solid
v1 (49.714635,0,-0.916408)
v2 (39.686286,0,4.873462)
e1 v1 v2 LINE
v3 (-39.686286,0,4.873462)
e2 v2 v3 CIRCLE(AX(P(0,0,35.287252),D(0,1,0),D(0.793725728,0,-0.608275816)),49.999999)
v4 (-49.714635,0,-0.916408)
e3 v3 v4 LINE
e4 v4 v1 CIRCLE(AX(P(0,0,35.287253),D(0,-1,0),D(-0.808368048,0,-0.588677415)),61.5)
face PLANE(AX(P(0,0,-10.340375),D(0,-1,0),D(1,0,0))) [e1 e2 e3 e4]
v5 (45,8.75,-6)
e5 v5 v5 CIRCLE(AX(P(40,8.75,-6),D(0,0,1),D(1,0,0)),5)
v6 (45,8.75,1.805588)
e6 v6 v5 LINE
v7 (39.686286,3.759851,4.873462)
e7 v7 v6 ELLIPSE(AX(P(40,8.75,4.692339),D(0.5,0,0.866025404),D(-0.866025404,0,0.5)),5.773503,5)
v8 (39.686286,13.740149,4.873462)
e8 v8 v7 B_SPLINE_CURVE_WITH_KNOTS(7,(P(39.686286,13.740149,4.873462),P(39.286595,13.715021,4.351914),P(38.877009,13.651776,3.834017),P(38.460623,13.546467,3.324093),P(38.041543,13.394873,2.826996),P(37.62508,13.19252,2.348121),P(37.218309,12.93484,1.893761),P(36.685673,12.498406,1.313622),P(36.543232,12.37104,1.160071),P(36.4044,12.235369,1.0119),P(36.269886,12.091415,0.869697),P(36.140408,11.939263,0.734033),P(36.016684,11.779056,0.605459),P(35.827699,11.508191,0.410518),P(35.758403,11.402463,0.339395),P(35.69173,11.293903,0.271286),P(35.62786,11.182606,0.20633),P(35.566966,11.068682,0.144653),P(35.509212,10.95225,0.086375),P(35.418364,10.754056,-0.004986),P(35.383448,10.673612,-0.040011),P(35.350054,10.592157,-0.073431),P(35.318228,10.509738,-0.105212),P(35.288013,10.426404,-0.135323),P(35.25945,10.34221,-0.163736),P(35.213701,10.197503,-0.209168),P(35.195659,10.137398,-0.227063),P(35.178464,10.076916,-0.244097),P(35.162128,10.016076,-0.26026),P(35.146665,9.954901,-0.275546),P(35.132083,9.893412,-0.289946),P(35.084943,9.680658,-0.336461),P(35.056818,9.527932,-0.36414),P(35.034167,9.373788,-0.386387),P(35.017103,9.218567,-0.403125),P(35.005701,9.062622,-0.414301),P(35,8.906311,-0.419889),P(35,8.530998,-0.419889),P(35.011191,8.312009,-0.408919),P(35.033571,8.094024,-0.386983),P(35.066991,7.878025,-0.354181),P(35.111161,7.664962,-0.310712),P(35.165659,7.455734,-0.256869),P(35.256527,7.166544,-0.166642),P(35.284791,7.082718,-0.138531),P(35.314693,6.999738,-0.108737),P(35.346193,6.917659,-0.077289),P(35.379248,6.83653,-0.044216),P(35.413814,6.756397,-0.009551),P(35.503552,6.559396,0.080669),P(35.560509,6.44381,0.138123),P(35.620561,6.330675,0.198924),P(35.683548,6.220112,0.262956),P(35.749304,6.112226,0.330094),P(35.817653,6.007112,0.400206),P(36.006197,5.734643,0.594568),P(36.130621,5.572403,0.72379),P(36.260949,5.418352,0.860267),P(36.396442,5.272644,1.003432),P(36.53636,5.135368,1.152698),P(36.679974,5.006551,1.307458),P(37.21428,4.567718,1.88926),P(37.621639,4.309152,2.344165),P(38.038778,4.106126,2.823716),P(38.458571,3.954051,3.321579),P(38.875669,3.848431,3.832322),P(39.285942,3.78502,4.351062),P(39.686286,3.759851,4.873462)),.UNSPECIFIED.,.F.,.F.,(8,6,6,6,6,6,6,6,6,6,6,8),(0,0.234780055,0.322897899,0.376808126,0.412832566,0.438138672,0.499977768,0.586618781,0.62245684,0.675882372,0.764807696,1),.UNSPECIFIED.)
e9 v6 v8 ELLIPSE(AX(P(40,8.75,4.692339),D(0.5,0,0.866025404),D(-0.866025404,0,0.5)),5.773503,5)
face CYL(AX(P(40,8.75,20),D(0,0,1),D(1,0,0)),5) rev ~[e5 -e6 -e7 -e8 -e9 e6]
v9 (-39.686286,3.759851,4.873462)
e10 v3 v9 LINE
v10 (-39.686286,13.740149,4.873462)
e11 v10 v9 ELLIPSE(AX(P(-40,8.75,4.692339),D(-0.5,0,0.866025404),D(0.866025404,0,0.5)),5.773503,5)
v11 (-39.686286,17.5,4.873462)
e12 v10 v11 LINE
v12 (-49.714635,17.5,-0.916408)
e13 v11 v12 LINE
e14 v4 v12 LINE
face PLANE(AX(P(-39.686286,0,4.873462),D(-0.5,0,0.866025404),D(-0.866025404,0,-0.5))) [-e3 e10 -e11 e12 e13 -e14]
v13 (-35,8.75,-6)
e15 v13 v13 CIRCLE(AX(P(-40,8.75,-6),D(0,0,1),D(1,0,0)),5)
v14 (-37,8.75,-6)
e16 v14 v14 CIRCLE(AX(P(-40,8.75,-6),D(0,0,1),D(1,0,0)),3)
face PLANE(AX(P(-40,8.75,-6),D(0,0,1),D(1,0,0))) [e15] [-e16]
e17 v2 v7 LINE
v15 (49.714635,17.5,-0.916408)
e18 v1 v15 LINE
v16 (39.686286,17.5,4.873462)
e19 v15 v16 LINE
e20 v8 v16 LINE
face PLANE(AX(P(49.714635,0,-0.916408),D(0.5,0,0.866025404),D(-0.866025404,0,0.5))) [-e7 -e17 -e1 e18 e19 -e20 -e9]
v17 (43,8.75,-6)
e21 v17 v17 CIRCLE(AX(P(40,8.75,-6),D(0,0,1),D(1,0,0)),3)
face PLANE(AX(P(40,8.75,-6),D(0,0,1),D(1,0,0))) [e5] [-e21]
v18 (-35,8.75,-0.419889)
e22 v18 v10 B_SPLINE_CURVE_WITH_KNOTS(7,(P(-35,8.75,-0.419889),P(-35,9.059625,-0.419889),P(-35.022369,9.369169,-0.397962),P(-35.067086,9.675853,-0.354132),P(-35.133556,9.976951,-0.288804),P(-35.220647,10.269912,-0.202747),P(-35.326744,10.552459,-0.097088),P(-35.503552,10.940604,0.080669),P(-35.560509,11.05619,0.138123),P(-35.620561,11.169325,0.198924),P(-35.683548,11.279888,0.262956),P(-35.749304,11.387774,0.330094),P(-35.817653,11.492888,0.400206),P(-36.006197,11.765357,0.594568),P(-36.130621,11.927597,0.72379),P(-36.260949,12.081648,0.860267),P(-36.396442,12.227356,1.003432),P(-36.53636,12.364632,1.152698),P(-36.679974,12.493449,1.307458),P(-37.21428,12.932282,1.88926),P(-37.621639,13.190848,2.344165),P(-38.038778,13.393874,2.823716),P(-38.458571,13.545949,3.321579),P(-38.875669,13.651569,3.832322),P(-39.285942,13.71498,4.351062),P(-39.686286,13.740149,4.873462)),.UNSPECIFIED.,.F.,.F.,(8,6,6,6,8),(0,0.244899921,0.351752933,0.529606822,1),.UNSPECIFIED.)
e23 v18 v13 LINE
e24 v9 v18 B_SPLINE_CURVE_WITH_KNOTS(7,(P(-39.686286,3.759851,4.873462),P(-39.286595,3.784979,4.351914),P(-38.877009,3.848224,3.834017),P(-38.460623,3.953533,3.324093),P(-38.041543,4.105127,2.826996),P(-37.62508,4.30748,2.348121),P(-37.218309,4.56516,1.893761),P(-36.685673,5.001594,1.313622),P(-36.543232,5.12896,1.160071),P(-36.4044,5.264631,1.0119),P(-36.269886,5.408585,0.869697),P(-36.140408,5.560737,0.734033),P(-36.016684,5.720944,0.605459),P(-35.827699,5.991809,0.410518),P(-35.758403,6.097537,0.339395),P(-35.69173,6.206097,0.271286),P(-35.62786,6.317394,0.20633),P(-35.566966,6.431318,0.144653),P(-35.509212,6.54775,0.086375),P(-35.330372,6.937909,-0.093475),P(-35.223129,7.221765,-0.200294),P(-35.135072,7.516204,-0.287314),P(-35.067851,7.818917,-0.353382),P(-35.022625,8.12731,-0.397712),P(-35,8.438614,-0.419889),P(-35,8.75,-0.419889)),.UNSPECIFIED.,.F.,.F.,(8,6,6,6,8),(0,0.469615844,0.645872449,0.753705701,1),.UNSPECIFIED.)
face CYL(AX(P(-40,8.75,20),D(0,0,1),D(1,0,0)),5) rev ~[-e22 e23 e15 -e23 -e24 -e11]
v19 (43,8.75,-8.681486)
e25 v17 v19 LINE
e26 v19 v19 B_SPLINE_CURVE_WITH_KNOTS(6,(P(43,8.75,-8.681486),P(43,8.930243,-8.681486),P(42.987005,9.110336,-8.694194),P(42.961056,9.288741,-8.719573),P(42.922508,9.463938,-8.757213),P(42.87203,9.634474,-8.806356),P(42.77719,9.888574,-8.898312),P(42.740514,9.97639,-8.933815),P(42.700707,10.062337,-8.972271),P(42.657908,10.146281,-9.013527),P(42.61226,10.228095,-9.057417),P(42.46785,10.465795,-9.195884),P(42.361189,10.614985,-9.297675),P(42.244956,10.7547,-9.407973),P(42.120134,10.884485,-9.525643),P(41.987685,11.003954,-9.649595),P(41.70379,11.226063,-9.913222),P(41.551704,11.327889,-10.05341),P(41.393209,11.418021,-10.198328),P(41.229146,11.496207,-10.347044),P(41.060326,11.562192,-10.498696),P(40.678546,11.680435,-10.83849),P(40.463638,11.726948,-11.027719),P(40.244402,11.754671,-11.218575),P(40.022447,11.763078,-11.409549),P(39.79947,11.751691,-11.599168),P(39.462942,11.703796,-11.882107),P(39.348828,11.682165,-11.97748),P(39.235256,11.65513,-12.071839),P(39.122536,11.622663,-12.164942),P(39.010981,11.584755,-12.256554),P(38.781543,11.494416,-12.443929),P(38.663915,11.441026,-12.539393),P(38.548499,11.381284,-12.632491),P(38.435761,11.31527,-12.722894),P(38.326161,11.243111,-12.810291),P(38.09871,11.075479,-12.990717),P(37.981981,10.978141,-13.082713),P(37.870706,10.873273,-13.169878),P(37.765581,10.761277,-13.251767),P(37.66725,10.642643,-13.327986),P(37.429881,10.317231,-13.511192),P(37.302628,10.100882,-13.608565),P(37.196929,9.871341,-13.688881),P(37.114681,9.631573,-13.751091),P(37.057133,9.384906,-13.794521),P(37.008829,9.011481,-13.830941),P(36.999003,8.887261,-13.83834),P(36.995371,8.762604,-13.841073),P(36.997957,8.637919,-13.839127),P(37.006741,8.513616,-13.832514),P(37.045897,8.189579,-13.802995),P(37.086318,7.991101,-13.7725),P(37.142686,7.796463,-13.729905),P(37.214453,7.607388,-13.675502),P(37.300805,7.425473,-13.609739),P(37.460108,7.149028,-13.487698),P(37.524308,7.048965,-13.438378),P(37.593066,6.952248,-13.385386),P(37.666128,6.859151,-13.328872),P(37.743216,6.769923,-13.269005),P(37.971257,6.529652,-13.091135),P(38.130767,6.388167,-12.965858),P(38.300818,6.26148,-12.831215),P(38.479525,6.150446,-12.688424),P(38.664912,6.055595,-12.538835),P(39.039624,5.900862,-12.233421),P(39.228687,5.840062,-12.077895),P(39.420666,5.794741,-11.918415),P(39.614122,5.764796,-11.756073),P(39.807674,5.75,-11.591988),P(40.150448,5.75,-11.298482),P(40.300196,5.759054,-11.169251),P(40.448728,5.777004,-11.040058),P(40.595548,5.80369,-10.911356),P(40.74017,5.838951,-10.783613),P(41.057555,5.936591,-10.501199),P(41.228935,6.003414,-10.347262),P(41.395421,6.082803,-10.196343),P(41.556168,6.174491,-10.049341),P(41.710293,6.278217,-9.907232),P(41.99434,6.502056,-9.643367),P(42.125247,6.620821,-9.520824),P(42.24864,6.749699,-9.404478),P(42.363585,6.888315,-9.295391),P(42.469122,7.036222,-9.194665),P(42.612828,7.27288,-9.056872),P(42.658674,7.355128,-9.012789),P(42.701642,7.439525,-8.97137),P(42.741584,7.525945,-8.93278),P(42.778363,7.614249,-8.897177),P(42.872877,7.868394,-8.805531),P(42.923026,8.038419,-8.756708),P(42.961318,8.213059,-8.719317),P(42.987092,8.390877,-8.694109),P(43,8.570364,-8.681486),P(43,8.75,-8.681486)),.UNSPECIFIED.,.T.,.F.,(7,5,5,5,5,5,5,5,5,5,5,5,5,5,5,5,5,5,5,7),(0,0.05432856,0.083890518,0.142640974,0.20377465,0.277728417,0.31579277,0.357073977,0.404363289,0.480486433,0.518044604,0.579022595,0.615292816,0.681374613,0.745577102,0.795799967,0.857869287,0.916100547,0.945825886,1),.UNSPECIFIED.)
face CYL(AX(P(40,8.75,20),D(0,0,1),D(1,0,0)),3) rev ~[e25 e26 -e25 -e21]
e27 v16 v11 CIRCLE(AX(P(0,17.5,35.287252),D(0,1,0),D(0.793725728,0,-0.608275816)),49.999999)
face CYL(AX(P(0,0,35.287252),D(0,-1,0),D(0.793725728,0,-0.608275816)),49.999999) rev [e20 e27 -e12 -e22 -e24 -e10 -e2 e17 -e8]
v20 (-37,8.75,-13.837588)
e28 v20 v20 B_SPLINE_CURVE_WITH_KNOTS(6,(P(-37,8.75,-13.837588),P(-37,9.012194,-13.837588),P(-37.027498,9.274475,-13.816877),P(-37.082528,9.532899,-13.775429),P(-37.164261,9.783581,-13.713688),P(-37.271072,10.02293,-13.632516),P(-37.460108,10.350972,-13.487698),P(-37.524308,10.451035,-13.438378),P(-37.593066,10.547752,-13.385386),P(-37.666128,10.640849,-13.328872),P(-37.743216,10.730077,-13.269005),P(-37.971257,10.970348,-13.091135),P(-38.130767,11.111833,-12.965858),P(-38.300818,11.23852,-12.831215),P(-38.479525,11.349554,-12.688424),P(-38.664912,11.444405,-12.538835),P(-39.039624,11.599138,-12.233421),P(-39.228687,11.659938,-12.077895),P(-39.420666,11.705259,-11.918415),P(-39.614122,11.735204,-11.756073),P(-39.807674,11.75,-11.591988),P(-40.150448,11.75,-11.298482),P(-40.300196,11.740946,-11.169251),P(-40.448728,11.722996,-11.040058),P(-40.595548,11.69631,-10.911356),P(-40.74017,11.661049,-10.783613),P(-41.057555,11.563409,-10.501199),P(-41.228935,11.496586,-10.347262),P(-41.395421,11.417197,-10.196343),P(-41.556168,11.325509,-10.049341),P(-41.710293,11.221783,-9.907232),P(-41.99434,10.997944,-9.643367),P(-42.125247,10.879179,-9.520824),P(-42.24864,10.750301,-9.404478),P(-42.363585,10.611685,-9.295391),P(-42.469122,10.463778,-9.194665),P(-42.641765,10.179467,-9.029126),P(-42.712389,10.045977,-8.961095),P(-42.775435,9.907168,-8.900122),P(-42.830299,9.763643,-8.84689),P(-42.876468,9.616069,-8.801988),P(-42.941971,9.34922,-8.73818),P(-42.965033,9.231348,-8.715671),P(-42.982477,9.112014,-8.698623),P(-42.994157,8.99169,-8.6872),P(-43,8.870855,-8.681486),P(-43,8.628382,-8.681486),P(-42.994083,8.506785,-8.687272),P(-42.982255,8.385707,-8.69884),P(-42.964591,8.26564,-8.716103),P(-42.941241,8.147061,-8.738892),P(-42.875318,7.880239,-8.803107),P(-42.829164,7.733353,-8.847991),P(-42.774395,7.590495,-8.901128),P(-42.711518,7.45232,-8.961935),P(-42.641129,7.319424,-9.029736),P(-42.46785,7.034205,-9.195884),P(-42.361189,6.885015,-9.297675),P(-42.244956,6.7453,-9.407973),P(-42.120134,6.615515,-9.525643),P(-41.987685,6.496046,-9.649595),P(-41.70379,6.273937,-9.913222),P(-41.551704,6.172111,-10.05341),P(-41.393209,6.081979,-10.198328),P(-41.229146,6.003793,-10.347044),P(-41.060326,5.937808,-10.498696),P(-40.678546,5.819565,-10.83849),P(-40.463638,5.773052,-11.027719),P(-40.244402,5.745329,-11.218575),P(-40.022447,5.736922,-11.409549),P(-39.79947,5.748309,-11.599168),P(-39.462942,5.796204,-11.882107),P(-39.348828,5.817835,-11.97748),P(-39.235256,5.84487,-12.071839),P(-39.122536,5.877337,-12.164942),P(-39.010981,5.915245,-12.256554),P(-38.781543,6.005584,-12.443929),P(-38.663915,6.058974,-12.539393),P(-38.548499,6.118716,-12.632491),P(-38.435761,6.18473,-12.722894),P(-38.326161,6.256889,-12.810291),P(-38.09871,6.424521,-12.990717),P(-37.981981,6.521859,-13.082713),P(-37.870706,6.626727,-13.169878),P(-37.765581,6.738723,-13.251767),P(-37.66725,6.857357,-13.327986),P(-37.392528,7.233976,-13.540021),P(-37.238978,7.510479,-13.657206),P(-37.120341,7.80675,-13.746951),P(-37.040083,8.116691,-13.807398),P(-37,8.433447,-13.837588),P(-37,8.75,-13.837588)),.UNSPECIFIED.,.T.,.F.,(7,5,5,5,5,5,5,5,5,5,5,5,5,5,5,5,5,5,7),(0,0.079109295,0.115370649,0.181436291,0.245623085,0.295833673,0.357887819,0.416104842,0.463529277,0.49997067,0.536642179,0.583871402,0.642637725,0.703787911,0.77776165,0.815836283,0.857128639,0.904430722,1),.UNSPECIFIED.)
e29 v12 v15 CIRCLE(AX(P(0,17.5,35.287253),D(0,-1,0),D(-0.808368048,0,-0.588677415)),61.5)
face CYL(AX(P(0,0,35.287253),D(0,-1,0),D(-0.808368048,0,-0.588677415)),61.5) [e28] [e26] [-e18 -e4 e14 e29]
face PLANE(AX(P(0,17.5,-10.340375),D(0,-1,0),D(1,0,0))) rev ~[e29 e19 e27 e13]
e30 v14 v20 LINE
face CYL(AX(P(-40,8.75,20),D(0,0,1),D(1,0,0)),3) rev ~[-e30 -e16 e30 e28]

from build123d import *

# Parameters (mm, degrees)
F1_DEPTH = 17.5
F5_R     = 3
F6_DEPTH = 46.213747
F5_R_2   = 5
F7_DEPTH = 26


with BuildPart() as f1:
    # F0 (on Front) → F1 (new body)
    with BuildSketch(Plane.XZ):
        with BuildLine():
            ThreePointArc((39.686286, 4.873462), (0, -14.712747), (-39.686286, 4.873462))
            Line((-39.686286, 4.873462), (-49.714635, -0.916408))
            ThreePointArc((-49.714635, -0.916408), (0, -26.212747), (49.714635, -0.916408))
            Line((49.714635, -0.916408), (39.686286, 4.873462))
        make_face()
    extrude(amount=-F1_DEPTH)

    # F5 (on offset) → F6 (cut, through all)
    with BuildSketch(Plane.XY.offset(20)):
        with Locations((40, 8.75)):
            Circle(F5_R)
        with Locations((-40, 8.75)):
            Circle(F5_R)
    extrude(amount=-F6_DEPTH, mode=Mode.SUBTRACT)

    # F5 (on offset) → F7 (cut)
    with BuildSketch(Plane.XY.offset(20)):
        with Locations((40, 8.75)):
            Circle(F5_R_2)
        with Locations((40, 8.75)):
            Circle(F5_R, mode=Mode.SUBTRACT)
        with Locations((-40, 8.75)):
            Circle(F5_R_2)
        with Locations((-40, 8.75)):
            Circle(F5_R, mode=Mode.SUBTRACT)
    extrude(amount=-F7_DEPTH, mode=Mode.SUBTRACT)


with BuildPart() as f2_1:
    # F2: copy of F1
    add(f1.part)


solid = f1.part
